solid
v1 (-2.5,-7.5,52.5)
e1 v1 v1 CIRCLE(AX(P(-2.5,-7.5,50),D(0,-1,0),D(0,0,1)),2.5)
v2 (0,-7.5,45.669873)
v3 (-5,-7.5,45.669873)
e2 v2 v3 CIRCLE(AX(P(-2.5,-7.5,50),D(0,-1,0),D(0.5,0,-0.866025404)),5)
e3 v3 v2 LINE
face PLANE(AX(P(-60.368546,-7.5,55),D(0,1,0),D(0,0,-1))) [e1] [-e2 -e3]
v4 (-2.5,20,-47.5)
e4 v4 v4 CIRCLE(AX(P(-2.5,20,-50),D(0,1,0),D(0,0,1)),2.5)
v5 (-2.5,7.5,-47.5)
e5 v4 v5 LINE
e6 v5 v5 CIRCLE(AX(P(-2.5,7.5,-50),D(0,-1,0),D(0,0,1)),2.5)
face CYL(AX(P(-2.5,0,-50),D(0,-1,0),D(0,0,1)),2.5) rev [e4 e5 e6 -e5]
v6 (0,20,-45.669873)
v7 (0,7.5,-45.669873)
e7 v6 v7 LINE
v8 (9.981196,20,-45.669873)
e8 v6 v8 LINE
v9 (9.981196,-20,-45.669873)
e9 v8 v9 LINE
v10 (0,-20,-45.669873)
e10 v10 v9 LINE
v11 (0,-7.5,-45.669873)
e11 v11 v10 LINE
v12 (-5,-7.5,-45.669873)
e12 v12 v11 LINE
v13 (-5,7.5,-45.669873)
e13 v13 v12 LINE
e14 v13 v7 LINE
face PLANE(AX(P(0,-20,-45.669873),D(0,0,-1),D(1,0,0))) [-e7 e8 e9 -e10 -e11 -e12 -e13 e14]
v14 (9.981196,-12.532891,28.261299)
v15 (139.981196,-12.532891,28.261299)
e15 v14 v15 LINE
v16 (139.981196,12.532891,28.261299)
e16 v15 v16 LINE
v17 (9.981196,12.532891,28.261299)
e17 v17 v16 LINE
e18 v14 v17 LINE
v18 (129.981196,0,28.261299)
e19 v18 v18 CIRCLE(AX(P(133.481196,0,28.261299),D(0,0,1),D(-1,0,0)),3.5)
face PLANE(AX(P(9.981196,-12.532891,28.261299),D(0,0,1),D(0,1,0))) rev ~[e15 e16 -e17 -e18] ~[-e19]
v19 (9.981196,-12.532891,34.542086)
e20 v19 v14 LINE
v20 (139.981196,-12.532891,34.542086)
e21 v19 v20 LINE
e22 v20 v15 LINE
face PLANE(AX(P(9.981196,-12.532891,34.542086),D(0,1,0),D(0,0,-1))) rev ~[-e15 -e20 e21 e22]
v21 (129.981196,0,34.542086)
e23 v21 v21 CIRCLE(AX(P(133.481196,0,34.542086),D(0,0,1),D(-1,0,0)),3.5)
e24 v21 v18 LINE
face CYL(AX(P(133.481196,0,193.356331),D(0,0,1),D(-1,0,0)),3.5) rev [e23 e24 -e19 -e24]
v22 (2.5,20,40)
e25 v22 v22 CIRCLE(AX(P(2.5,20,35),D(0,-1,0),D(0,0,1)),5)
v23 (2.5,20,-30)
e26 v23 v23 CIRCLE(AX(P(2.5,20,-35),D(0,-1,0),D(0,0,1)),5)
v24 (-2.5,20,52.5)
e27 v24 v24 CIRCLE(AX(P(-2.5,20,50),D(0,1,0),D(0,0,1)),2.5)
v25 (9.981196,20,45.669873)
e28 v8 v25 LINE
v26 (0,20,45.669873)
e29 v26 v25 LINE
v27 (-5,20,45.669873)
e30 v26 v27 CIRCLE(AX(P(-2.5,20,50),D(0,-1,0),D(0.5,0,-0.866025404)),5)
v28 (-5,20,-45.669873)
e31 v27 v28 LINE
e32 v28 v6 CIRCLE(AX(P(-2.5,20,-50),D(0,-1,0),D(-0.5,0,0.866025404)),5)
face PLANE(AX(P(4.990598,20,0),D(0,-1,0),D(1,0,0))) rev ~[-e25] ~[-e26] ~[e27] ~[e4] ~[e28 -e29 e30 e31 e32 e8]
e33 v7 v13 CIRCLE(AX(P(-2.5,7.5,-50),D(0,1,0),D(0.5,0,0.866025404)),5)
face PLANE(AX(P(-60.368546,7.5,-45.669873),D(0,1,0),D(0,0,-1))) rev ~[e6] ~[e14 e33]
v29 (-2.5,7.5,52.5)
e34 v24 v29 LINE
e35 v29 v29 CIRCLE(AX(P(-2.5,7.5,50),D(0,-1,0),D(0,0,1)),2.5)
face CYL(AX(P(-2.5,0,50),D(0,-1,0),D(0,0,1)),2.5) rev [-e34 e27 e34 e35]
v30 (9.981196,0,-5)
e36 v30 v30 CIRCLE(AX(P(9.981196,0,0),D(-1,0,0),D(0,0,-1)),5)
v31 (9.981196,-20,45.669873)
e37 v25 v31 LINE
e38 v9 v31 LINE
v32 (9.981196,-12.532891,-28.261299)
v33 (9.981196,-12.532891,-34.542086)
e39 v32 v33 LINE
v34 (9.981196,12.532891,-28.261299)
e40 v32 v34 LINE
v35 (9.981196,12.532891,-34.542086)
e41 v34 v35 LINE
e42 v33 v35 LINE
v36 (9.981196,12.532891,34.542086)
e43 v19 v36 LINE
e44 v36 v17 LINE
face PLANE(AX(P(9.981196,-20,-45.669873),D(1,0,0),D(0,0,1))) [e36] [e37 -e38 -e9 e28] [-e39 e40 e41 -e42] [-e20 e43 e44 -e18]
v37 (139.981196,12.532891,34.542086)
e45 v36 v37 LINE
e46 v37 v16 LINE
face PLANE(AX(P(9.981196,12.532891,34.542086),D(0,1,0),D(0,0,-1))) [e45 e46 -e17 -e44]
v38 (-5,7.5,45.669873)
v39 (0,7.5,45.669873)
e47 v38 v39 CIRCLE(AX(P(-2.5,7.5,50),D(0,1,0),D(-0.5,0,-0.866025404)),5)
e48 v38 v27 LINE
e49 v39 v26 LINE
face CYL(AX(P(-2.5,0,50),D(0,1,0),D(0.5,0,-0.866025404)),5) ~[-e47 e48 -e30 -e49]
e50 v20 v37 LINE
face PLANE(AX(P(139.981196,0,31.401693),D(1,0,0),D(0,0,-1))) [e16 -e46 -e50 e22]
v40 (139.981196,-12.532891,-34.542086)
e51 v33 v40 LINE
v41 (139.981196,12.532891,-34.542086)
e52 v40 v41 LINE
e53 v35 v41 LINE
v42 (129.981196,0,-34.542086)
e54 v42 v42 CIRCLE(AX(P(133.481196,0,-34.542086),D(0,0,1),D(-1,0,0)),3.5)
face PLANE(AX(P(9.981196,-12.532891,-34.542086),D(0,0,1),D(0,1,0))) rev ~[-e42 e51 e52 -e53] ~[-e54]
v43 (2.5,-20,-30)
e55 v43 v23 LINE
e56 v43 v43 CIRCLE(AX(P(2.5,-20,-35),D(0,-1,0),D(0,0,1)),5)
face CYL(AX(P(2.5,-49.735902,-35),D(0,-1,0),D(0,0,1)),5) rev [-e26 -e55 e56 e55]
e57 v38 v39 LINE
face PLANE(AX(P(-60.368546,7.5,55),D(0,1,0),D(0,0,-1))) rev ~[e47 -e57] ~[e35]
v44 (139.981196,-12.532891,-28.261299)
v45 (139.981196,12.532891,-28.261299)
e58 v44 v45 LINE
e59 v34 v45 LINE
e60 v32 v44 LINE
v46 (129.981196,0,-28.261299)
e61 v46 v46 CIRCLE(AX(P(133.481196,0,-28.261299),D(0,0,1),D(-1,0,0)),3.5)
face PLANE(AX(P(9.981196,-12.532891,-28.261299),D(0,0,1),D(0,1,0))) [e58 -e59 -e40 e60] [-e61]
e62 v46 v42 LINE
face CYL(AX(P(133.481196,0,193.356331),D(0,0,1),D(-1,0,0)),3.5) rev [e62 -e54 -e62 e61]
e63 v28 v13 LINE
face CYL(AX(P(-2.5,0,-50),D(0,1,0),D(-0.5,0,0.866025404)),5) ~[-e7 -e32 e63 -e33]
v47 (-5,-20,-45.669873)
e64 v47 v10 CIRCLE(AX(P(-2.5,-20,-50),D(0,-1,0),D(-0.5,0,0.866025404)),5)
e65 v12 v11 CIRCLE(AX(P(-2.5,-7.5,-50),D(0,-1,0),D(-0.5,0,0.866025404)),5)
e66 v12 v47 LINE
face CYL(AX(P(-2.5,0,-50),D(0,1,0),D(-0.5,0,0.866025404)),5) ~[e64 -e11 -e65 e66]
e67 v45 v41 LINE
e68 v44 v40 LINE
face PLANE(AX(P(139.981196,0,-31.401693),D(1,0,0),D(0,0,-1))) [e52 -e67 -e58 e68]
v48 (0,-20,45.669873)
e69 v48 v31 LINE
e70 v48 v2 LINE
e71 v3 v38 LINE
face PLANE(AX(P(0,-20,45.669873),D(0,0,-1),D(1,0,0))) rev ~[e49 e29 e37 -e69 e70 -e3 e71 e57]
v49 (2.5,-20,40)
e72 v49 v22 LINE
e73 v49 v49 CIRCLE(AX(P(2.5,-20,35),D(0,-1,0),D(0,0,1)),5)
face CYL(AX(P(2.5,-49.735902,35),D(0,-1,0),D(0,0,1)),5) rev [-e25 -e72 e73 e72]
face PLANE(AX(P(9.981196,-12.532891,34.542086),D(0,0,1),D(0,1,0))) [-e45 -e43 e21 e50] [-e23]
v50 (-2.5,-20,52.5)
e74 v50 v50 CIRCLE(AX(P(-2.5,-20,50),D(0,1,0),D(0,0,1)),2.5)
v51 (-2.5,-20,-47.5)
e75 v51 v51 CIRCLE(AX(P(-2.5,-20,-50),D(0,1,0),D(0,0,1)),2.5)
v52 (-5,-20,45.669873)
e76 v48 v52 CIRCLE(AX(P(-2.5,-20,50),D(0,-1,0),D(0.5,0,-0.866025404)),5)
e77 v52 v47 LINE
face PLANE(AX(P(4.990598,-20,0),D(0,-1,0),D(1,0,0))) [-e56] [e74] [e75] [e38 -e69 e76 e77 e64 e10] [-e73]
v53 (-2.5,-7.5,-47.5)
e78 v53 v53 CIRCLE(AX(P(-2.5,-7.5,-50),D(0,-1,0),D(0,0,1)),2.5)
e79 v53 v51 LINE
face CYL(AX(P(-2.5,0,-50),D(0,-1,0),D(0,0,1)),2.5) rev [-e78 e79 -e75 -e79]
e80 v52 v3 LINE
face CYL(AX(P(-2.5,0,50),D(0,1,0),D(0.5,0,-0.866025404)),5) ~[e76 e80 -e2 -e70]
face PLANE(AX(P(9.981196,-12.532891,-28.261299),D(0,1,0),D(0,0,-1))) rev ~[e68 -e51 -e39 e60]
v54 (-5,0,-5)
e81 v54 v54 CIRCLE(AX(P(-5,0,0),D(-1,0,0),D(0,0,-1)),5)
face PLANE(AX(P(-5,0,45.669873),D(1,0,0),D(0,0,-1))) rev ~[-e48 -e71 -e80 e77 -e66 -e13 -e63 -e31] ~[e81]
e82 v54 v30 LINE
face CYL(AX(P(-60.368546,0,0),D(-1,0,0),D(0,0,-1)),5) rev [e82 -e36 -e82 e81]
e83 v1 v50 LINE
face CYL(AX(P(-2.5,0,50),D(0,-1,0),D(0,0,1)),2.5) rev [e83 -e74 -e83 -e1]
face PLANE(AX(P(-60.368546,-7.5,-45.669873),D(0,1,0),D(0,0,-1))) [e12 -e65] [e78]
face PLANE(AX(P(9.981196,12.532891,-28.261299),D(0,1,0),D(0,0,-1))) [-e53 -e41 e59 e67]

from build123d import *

# Parameters (mm, degrees)
SKETCH2_R               = 2.5
BOSS_EXTRUDE2_DEPTH     = 20
SKETCH6_W               = 9.981195927
SKETCH6_H               = 91.339745962
BOSS_EXTRUDE3_DEPTH     = 40
CUT_EXTRUDE2_DEPTH      = 69.735902352
CUT_EXTRUDE2_DEPTH_BACK = 69.735902352
SKETCH4_R               = 5
CUT_EXTRUDE1_DEPTH      = 60.368546151
CUT_EXTRUDE1_DEPTH_BACK = 60.368546151
SKETCH3_R               = 5
SKETCH3_W               = 9.330127019
SKETCH3_H               = 15
SKETCH7_W               = 6.280786139
SKETCH7_H               = 25.065781514
BOSS_EXTRUDE4_DEPTH     = 130
CUT_EXTRUDE4_DEPTH      = 165.095031026
CUT_EXTRUDE4_DEPTH_BACK = 165.095031026
SKETCH8_R               = 3.5


with BuildPart() as part:
    # Sketch2 → Boss-Extrude2 (new, symmetric)
    with BuildSketch(Plane(origin=(0, 0, 0), x_dir=(1, 0, 0), z_dir=(0, 1, 0))):
        with BuildLine():
            Line((-5, -45.669872981), (-5, 45.669872981))
            ThreePointArc((-5, 45.669872981), (-2.5, 55), (0, 45.669872981))
            Line((0, 45.669872981), (0, -45.669872981))
            ThreePointArc((0, -45.669872981), (-2.5, -55), (-5, -45.669872981))
        make_face()
        with Locations(Location((-2.5, 50, 0), (0, 0, 270))):
            Circle(SKETCH2_R, mode=Mode.SUBTRACT)
        with Locations(Location((-2.5, -50, 0), (0, 0, 270))):
            Circle(SKETCH2_R, mode=Mode.SUBTRACT)
    extrude(amount=BOSS_EXTRUDE2_DEPTH, both=True)

    # Sketch6 → Boss-Extrude3 (add)
    with BuildSketch(Plane.XZ.offset(20)):
        with Locations((4.990597963, 0)):
            Rectangle(SKETCH6_W, SKETCH6_H)
    extrude(amount=-BOSS_EXTRUDE3_DEPTH)

    # Sketch4 → Cut-Extrude2 (cut, two sides: drawn at the far end of the back side and taken through both)
    with BuildSketch(Plane(origin=(0, 20, 0), x_dir=(1, 0, 0), z_dir=(0, 1, 0)).offset(-CUT_EXTRUDE2_DEPTH_BACK)):
        with Locations(Location((2.5, 35, 0), (0, 0, 270))):
            Circle(SKETCH4_R)
        with Locations(Location((2.5, -35, 0), (0, 0, 270))):
            Circle(SKETCH4_R)
    extrude(amount=CUT_EXTRUDE2_DEPTH + CUT_EXTRUDE2_DEPTH_BACK, mode=Mode.SUBTRACT)

    # Sketch3 → Cut-Extrude1 (cut, two sides: drawn at the far end of the back side and taken through both)
    with BuildSketch(Plane(origin=(0, 0, 0), x_dir=(0, 0, -1), z_dir=(1, 0, 0)).offset(-CUT_EXTRUDE1_DEPTH_BACK)):
        Circle(SKETCH3_R)
        with Locations((50.33493649, 0)):
            Rectangle(SKETCH3_W, SKETCH3_H)
        with Locations((-50.33493649, 0)):
            Rectangle(SKETCH3_W, SKETCH3_H)
    extrude(amount=CUT_EXTRUDE1_DEPTH + CUT_EXTRUDE1_DEPTH_BACK, mode=Mode.SUBTRACT)

    # Sketch7 → Boss-Extrude4 (add)
    with BuildSketch(Plane(origin=(9.981195927, 0, 0), x_dir=(0, 0, -1), z_dir=(1, 0, 0))):
        with Locations((-31.401692569, 0)):
            Rectangle(SKETCH7_W, SKETCH7_H)
        with Locations((31.401692569, 0)):
            Rectangle(SKETCH7_W, SKETCH7_H)
    extrude(amount=BOSS_EXTRUDE4_DEPTH)

    # Sketch8 → Cut-Extrude4 (cut, two sides: drawn at the far end of the back side and taken through both)
    with BuildSketch(Plane(origin=(0, 0, 28.2612995), x_dir=(-1, 0, 0), z_dir=(0, 0, -1)).offset(-CUT_EXTRUDE4_DEPTH_BACK)):
        with Locations((-133.481195927, 0)):
            Circle(SKETCH8_R)
    extrude(amount=CUT_EXTRUDE4_DEPTH + CUT_EXTRUDE4_DEPTH_BACK, mode=Mode.SUBTRACT)


solid = part.part
